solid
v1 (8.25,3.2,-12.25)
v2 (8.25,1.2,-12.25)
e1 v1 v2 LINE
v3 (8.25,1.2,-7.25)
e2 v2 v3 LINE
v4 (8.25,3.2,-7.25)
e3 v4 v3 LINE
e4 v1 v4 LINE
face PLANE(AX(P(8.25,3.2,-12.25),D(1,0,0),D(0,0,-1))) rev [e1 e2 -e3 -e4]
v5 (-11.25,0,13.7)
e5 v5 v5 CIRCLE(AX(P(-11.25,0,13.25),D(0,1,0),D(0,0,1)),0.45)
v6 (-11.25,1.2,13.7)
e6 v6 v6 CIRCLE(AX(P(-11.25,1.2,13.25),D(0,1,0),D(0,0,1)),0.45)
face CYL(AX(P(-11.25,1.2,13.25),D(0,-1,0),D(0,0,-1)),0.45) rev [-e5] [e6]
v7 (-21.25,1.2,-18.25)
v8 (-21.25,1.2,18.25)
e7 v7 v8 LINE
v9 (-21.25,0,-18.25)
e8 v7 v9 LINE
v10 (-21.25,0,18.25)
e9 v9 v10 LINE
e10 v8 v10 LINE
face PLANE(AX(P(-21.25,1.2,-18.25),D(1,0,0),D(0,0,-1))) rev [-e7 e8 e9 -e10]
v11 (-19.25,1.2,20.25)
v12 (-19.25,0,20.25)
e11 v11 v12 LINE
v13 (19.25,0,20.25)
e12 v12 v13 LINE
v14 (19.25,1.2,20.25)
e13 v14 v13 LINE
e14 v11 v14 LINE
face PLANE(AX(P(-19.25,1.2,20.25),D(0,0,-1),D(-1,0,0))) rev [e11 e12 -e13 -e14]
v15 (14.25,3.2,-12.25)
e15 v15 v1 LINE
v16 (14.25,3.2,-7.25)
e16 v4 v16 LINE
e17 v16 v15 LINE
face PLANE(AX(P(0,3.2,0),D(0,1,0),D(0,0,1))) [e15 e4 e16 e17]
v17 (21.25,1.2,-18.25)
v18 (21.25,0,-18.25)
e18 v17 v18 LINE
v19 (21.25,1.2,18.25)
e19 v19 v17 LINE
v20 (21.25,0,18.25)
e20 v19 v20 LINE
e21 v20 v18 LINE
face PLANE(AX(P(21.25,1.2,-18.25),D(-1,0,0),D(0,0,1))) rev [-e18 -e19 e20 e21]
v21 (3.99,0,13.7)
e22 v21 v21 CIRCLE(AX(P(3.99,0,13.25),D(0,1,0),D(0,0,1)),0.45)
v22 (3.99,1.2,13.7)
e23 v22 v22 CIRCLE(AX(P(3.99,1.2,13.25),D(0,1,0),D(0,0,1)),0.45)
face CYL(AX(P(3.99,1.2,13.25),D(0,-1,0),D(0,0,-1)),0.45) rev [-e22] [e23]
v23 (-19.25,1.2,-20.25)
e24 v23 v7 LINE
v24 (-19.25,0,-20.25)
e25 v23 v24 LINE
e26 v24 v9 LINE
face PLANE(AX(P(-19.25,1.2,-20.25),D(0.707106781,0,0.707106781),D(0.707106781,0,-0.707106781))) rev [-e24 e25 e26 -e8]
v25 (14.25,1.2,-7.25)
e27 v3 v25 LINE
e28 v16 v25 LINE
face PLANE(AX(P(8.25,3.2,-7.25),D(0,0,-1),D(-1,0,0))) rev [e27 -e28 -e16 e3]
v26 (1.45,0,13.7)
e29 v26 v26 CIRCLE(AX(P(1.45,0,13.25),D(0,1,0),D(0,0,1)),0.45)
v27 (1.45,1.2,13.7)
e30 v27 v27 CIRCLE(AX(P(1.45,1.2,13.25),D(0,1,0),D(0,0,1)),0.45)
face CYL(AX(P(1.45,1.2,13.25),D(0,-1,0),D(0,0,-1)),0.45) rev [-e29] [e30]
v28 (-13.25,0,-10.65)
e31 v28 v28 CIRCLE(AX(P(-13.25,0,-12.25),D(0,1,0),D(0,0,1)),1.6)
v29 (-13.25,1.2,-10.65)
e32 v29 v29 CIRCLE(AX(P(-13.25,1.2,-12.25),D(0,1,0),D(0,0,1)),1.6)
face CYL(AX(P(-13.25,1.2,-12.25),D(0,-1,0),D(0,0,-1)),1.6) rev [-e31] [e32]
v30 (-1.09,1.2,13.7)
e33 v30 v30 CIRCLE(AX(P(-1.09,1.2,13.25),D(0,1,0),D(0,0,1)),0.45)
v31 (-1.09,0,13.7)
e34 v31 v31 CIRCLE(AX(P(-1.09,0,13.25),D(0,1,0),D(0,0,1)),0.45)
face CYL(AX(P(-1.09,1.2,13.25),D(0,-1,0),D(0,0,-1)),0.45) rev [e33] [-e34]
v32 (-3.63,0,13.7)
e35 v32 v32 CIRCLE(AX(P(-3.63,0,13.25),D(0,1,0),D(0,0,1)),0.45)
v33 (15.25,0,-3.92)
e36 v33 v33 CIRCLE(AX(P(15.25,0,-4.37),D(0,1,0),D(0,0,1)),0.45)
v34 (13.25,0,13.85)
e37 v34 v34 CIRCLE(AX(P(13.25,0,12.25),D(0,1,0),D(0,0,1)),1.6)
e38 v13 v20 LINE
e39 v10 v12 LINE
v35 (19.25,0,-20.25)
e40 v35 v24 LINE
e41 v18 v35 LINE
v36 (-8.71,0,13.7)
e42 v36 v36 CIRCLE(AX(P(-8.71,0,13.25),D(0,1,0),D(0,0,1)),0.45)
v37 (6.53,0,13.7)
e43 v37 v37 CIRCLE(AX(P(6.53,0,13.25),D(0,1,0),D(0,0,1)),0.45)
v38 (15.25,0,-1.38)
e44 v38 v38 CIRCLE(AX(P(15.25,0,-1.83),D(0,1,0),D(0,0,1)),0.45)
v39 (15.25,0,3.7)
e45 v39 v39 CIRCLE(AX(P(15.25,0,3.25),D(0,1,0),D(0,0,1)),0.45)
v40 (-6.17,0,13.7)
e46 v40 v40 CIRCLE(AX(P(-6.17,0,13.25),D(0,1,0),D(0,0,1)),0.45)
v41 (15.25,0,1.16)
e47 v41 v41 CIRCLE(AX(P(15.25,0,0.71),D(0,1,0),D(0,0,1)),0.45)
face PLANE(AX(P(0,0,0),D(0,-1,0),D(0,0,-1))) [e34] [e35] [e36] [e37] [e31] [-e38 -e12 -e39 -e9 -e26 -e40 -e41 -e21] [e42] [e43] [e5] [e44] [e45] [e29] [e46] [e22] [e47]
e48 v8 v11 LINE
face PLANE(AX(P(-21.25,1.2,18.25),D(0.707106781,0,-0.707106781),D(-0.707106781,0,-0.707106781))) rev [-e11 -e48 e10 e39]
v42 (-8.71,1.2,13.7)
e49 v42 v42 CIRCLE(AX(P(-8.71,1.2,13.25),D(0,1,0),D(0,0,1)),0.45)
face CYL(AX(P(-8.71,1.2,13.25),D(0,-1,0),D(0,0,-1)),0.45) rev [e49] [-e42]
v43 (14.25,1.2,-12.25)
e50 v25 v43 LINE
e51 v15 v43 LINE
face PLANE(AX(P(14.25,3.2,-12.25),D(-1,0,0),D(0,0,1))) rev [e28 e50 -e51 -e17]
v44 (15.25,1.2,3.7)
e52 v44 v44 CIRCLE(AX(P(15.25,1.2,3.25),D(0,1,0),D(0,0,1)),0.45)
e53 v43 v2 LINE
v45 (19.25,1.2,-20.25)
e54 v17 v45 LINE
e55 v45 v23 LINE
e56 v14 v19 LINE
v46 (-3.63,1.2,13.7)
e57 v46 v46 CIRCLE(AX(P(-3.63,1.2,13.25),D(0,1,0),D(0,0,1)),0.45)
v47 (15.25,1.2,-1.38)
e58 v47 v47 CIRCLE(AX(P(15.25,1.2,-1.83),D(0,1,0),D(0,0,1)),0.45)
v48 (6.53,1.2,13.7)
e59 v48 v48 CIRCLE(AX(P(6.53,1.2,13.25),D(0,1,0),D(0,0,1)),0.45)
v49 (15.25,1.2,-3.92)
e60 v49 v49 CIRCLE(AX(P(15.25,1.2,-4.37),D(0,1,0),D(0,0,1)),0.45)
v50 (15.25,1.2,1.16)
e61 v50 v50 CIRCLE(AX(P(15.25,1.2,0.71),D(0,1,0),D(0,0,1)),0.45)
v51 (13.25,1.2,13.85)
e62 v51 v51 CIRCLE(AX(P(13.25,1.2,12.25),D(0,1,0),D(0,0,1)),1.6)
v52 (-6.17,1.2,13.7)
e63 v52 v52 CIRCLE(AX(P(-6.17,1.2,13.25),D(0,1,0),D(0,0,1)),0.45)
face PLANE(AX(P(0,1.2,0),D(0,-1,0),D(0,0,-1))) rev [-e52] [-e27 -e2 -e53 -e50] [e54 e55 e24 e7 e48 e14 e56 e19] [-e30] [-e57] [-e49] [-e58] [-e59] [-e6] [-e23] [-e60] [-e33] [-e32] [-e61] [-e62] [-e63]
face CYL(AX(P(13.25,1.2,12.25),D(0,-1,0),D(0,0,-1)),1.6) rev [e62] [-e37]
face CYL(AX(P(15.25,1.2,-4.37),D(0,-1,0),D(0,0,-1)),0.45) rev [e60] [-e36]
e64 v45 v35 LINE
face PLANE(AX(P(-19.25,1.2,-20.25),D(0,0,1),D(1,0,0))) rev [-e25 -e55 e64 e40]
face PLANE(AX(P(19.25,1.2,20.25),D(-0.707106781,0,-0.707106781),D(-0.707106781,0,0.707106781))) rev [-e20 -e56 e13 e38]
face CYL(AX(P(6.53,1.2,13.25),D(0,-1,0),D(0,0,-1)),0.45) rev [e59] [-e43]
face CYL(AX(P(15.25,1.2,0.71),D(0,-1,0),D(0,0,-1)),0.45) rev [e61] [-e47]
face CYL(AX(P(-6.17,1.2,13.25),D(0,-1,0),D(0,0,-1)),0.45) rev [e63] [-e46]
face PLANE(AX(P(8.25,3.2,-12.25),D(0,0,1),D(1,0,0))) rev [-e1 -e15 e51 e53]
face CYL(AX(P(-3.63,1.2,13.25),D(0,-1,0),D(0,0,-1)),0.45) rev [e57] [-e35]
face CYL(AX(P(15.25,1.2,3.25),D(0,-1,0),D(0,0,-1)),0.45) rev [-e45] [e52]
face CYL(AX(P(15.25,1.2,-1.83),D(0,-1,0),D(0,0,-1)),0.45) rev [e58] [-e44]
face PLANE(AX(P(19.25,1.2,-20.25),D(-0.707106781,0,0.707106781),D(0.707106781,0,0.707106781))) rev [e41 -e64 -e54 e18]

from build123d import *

# Parameters (mm, degrees)
SKETCH_1_R      = 1.6
SKETCH_1_R_2    = 0.45
EXTRUDE_1_DEPTH = 1.2
SKETCH_3_W      = 6
SKETCH_3_H      = 5
EXTRUDE_2_DEPTH = 2


with BuildPart() as part:
    # 草图1 → 凸台-拉伸1 (new body)
    with BuildSketch(Plane(origin=(0, 0, 0), x_dir=(1, 0, 0), z_dir=(0, 1, 0))):
        Polygon((19.25, -20.25), (21.25, -18.25), (21.25, 18.25), (19.25, 20.25), (-19.25, 20.25), (-21.25, 18.25), (-21.25, -18.25), (-19.25, -20.25), align=None)
        with Locations(Location((13.25, -12.25, 0), (0, 0, 270))):
            Circle(SKETCH_1_R, mode=Mode.SUBTRACT)
        with Locations(Location((-13.25, 12.25, 0), (0, 0, 270))):
            Circle(SKETCH_1_R, mode=Mode.SUBTRACT)
        with Locations(Location((-11.25, -13.25, 0), (0, 0, 270))):
            Circle(SKETCH_1_R_2, mode=Mode.SUBTRACT)
        with Locations(Location((-8.71, -13.25, 0), (0, 0, 270))):
            Circle(SKETCH_1_R_2, mode=Mode.SUBTRACT)
        with Locations(Location((-6.17, -13.25, 0), (0, 0, 270))):
            Circle(SKETCH_1_R_2, mode=Mode.SUBTRACT)
        with Locations(Location((-3.63, -13.25, 0), (0, 0, 270))):
            Circle(SKETCH_1_R_2, mode=Mode.SUBTRACT)
        with Locations(Location((-1.09, -13.25, 0), (0, 0, 270))):
            Circle(SKETCH_1_R_2, mode=Mode.SUBTRACT)
        with Locations(Location((1.45, -13.25, 0), (0, 0, 270))):
            Circle(SKETCH_1_R_2, mode=Mode.SUBTRACT)
        with Locations(Location((3.99, -13.25, 0), (0, 0, 270))):
            Circle(SKETCH_1_R_2, mode=Mode.SUBTRACT)
        with Locations(Location((6.53, -13.25, 0), (0, 0, 270))):
            Circle(SKETCH_1_R_2, mode=Mode.SUBTRACT)
        with Locations(Location((15.25, -3.25, 0), (0, 0, 270))):
            Circle(SKETCH_1_R_2, mode=Mode.SUBTRACT)
        with Locations(Location((15.25, -0.71, 0), (0, 0, 270))):
            Circle(SKETCH_1_R_2, mode=Mode.SUBTRACT)
        with Locations(Location((15.25, 1.83, 0), (0, 0, 270))):
            Circle(SKETCH_1_R_2, mode=Mode.SUBTRACT)
        with Locations(Location((15.25, 4.37, 0), (0, 0, 270))):
            Circle(SKETCH_1_R_2, mode=Mode.SUBTRACT)
    extrude(amount=EXTRUDE_1_DEPTH)

    # 草图3 → 凸台-拉伸2 (add)
    with BuildSketch(Plane(origin=(0, 1.2, 0), x_dir=(1, 0, 0), z_dir=(0, 1, 0))):
        with Locations((11.25, 9.75)):
            Rectangle(SKETCH_3_W, SKETCH_3_H)
    extrude(amount=EXTRUDE_2_DEPTH)


solid = part.part
